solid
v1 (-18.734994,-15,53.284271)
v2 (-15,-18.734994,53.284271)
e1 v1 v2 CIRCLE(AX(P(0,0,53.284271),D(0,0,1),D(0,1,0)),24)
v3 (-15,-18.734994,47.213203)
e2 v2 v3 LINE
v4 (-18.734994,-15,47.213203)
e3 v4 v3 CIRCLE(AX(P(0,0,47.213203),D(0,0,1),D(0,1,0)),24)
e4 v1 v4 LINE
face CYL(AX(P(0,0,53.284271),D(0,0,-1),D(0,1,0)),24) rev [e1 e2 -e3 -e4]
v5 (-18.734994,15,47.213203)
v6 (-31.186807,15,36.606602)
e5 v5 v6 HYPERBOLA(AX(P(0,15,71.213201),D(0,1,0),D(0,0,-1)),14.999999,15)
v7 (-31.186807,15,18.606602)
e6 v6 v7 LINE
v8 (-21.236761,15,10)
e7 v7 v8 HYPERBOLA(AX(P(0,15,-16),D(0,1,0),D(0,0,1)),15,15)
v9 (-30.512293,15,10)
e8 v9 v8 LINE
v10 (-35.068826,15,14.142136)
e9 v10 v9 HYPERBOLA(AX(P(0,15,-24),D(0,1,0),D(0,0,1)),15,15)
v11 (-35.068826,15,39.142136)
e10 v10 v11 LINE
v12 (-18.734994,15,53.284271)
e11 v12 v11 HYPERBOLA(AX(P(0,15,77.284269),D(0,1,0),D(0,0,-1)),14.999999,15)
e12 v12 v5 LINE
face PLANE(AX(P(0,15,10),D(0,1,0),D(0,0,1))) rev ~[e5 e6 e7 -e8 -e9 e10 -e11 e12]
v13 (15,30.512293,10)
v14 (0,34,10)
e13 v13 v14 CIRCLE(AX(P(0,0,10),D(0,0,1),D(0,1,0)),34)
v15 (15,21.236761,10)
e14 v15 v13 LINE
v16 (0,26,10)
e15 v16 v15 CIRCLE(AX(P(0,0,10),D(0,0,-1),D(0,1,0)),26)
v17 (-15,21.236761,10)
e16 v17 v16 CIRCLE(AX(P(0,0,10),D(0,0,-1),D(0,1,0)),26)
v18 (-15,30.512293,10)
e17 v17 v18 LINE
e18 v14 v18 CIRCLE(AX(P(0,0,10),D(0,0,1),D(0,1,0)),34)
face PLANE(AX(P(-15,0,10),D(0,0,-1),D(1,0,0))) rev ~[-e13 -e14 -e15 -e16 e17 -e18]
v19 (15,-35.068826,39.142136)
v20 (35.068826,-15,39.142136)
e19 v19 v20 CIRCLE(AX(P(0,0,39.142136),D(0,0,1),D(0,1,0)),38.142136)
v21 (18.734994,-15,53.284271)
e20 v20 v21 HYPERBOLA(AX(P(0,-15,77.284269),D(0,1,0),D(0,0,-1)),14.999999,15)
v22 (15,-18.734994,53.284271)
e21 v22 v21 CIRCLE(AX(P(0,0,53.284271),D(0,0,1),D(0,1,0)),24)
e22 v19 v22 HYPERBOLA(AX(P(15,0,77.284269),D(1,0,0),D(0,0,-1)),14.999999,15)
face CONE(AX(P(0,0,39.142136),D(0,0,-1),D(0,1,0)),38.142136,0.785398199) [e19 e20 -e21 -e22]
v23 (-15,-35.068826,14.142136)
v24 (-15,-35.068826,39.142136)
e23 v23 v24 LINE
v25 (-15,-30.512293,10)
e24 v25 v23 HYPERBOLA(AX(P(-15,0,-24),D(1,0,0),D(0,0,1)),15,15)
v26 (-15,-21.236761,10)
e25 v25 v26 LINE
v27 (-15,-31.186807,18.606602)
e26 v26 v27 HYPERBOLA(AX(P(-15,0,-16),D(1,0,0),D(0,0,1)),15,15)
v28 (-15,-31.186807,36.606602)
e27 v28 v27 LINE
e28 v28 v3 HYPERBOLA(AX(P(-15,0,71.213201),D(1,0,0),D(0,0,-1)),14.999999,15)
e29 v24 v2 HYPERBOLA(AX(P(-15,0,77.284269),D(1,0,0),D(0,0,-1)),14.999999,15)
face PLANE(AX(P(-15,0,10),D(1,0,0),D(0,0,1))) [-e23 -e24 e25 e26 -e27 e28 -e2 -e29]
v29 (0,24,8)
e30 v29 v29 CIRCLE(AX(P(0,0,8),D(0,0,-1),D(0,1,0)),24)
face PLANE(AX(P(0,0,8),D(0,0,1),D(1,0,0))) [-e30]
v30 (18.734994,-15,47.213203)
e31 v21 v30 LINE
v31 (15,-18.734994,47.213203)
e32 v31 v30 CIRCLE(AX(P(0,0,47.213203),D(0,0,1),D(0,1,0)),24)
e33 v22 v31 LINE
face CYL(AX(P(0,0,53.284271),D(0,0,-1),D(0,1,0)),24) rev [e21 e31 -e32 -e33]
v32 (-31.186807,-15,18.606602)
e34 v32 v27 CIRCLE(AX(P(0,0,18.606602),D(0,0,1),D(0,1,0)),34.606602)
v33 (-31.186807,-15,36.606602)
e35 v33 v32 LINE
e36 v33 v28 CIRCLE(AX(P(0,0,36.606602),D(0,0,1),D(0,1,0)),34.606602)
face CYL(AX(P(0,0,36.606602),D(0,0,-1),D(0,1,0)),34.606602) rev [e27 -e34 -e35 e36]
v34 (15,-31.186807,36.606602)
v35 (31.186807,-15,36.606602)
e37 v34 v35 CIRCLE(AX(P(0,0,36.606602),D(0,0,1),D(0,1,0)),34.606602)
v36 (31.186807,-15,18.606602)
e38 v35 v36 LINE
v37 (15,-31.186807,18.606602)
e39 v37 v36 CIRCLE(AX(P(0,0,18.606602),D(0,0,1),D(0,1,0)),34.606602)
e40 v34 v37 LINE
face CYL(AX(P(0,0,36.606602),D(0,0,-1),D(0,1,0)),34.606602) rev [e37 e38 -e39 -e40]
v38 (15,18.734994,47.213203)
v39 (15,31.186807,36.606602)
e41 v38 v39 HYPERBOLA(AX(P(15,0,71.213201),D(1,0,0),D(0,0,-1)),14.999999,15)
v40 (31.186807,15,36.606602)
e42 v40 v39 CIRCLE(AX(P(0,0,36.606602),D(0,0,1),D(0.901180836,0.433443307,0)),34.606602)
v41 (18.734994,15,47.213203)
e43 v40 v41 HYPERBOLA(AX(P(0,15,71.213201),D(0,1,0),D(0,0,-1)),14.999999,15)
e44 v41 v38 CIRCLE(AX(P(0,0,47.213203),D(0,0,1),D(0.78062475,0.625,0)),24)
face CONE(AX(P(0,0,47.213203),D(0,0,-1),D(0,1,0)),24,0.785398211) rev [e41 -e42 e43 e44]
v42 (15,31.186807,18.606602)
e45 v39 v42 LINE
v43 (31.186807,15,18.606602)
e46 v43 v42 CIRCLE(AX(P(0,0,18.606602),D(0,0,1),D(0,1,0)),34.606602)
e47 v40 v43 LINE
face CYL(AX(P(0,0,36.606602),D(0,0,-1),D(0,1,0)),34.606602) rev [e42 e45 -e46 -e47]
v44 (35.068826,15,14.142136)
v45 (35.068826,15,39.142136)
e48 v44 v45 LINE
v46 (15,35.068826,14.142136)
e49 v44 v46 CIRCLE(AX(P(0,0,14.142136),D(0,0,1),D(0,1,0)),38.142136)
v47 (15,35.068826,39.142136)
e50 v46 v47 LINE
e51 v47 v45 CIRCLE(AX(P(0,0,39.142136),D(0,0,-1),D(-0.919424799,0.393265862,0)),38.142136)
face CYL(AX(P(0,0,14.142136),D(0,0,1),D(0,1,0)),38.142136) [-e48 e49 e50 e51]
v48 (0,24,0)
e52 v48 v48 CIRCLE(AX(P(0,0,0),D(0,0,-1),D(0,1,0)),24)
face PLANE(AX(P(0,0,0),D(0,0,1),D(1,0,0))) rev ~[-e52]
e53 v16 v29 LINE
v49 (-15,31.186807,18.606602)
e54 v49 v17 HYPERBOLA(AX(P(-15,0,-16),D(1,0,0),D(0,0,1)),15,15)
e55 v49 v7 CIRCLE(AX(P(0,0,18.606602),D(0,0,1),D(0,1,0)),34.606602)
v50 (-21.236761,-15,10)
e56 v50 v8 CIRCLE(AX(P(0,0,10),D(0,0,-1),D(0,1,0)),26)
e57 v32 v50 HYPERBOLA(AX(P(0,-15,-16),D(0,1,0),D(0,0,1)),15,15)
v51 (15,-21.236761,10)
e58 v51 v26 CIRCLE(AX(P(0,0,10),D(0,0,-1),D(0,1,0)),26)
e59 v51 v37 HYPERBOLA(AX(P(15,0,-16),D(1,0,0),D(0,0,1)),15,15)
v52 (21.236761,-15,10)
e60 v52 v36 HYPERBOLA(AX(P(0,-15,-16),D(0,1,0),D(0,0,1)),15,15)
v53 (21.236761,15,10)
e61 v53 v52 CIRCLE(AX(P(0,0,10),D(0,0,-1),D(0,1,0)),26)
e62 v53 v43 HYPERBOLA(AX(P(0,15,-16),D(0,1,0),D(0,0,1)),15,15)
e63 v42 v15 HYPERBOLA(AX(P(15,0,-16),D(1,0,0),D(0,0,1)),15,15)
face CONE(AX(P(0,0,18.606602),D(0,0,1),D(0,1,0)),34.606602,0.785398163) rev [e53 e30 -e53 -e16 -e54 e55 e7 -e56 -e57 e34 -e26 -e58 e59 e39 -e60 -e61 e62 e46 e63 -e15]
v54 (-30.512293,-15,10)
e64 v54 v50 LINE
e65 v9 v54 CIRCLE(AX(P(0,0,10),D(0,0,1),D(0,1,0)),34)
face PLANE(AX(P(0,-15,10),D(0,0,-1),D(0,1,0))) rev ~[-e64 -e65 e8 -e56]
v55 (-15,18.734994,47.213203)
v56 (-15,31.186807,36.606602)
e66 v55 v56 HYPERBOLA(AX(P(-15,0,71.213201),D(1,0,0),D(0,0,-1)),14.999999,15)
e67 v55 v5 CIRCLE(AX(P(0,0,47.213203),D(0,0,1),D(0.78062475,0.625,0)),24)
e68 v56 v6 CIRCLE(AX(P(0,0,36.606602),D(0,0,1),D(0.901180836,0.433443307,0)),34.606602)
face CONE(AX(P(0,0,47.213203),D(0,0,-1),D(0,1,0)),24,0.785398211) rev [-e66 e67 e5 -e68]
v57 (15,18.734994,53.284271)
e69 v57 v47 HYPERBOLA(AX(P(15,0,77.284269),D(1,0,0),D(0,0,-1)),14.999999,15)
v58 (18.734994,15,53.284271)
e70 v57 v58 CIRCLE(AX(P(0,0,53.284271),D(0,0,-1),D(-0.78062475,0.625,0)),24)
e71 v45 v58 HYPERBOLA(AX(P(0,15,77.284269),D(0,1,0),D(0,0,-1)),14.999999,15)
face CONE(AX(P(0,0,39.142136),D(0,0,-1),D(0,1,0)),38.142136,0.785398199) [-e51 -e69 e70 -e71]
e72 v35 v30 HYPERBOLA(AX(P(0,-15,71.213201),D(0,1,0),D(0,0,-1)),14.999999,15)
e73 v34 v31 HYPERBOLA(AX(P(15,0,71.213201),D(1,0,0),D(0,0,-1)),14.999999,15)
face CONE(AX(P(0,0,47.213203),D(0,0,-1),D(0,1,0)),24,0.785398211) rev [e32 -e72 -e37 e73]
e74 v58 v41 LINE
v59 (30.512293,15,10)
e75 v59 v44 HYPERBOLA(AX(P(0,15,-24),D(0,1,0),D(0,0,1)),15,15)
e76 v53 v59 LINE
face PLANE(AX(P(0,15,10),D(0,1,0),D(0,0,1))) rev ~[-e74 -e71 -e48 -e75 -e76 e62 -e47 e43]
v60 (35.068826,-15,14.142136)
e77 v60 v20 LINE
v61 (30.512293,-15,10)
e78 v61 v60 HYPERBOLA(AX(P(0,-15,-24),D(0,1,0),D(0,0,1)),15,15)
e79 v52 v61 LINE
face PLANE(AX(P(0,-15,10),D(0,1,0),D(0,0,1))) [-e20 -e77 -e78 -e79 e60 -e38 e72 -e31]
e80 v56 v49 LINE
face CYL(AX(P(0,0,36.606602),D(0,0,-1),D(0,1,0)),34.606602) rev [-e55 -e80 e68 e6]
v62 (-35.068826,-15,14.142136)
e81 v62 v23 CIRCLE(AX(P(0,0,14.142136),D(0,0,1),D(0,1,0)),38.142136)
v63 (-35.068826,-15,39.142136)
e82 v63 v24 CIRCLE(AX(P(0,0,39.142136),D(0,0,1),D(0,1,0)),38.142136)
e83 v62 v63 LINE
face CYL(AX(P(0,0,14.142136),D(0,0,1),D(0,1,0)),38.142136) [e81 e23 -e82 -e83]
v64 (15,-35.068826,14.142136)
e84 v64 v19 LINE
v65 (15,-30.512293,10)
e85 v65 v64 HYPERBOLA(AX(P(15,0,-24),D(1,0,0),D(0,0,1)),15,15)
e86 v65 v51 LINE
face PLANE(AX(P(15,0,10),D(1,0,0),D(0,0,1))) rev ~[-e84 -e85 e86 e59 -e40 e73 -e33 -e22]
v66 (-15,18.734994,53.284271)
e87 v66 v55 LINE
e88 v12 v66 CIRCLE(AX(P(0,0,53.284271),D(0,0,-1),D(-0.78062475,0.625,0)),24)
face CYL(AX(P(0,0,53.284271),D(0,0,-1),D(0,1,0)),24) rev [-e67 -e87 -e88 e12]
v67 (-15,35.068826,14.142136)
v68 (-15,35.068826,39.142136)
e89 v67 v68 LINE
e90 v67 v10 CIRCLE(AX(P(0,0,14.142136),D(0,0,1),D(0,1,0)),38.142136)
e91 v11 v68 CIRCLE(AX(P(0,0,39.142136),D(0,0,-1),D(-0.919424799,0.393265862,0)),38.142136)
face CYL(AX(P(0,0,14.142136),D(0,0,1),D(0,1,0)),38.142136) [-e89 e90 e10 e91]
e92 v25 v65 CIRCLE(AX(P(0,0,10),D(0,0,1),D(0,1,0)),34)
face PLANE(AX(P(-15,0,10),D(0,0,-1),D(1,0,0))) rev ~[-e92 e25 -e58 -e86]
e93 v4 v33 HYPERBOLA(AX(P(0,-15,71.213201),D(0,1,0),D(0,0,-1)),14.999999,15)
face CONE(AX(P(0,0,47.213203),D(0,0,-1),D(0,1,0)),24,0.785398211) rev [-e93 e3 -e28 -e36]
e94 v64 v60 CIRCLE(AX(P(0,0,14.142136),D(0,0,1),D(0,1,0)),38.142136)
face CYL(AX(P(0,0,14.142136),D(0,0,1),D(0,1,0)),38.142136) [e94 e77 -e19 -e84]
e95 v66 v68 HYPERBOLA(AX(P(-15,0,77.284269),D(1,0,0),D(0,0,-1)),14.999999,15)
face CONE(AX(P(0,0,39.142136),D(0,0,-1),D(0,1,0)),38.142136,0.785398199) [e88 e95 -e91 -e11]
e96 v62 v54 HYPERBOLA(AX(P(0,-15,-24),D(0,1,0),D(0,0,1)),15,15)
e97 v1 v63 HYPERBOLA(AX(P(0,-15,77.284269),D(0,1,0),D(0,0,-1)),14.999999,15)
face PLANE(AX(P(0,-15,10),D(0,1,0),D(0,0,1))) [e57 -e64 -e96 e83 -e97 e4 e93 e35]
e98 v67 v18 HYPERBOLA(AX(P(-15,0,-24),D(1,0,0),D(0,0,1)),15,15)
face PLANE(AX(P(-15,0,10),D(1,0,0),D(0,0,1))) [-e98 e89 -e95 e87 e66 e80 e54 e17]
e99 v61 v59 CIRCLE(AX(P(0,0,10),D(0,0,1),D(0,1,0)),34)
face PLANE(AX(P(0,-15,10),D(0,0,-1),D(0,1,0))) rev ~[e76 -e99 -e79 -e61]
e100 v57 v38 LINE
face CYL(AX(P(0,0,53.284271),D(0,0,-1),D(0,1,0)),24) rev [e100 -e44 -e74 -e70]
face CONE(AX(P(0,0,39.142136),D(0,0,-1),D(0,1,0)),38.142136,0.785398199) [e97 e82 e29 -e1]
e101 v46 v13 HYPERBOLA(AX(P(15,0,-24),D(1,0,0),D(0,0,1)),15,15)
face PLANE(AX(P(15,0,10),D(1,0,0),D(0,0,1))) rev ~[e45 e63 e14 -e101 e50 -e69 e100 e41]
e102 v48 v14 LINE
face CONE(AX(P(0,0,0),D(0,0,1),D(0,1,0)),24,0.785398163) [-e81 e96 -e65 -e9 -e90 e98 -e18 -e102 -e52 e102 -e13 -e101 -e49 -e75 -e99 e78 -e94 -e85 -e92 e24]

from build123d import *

# Parameters (mm, degrees)
F0_R     = 24
F0_R_2   = 23
F1_DEPTH = 8
F2_DEPTH = 2
F3_W     = 24
F3_H     = 8
F5_W     = 15
F5_H     = 75
F6_DEPTH = 75
F7_W     = 15
F7_H     = 75
F8_DEPTH = 75


with BuildPart() as f1:
    # F0 (on Top) → F1 (new body)
    with BuildSketch(Plane.XY):
        Circle(F0_R)
        Circle(F0_R_2, mode=Mode.SUBTRACT)
    extrude(amount=F1_DEPTH)

    # F0 (on Top) → F2 (join)
    with BuildSketch(Plane.XY):
        Circle(F0_R_2)
    extrude(amount=F2_DEPTH)

    # F3 (on Right) → F4 (revolve)
    with BuildSketch(Plane.YZ):
        with Locations((12, 4)):
            Rectangle(F3_W, F3_H)
        Polygon((24, 8), (24, 0), (38.142136, 14.142136), (38.142136, 39.142136), (24, 53.284271), (24, 47.213203), (34.606602, 36.606602), (34.606602, 18.606602), align=None)
    revolve(axis=Axis((0, 0, 27.5), (0, 0, 1)))

    # F5 (on Right) → F6 (cut, symmetric)
    with BuildSketch(Plane.YZ):
        with Locations((-7.5, 47.5)):
            Rectangle(F5_W, F5_H)
        with Locations((7.5, 47.5)):
            Rectangle(F5_W, F5_H)
    extrude(amount=F6_DEPTH, both=True, mode=Mode.SUBTRACT)

    # F7 (on Front) → F8 (cut, symmetric)
    with BuildSketch(Plane.XZ):
        with Locations((7.5, 47.5)):
            Rectangle(F7_W, F7_H)
        with Locations((-7.5, 47.5)):
            Rectangle(F7_W, F7_H)
    extrude(amount=F8_DEPTH, both=True, mode=Mode.SUBTRACT)


solid = f1.part
